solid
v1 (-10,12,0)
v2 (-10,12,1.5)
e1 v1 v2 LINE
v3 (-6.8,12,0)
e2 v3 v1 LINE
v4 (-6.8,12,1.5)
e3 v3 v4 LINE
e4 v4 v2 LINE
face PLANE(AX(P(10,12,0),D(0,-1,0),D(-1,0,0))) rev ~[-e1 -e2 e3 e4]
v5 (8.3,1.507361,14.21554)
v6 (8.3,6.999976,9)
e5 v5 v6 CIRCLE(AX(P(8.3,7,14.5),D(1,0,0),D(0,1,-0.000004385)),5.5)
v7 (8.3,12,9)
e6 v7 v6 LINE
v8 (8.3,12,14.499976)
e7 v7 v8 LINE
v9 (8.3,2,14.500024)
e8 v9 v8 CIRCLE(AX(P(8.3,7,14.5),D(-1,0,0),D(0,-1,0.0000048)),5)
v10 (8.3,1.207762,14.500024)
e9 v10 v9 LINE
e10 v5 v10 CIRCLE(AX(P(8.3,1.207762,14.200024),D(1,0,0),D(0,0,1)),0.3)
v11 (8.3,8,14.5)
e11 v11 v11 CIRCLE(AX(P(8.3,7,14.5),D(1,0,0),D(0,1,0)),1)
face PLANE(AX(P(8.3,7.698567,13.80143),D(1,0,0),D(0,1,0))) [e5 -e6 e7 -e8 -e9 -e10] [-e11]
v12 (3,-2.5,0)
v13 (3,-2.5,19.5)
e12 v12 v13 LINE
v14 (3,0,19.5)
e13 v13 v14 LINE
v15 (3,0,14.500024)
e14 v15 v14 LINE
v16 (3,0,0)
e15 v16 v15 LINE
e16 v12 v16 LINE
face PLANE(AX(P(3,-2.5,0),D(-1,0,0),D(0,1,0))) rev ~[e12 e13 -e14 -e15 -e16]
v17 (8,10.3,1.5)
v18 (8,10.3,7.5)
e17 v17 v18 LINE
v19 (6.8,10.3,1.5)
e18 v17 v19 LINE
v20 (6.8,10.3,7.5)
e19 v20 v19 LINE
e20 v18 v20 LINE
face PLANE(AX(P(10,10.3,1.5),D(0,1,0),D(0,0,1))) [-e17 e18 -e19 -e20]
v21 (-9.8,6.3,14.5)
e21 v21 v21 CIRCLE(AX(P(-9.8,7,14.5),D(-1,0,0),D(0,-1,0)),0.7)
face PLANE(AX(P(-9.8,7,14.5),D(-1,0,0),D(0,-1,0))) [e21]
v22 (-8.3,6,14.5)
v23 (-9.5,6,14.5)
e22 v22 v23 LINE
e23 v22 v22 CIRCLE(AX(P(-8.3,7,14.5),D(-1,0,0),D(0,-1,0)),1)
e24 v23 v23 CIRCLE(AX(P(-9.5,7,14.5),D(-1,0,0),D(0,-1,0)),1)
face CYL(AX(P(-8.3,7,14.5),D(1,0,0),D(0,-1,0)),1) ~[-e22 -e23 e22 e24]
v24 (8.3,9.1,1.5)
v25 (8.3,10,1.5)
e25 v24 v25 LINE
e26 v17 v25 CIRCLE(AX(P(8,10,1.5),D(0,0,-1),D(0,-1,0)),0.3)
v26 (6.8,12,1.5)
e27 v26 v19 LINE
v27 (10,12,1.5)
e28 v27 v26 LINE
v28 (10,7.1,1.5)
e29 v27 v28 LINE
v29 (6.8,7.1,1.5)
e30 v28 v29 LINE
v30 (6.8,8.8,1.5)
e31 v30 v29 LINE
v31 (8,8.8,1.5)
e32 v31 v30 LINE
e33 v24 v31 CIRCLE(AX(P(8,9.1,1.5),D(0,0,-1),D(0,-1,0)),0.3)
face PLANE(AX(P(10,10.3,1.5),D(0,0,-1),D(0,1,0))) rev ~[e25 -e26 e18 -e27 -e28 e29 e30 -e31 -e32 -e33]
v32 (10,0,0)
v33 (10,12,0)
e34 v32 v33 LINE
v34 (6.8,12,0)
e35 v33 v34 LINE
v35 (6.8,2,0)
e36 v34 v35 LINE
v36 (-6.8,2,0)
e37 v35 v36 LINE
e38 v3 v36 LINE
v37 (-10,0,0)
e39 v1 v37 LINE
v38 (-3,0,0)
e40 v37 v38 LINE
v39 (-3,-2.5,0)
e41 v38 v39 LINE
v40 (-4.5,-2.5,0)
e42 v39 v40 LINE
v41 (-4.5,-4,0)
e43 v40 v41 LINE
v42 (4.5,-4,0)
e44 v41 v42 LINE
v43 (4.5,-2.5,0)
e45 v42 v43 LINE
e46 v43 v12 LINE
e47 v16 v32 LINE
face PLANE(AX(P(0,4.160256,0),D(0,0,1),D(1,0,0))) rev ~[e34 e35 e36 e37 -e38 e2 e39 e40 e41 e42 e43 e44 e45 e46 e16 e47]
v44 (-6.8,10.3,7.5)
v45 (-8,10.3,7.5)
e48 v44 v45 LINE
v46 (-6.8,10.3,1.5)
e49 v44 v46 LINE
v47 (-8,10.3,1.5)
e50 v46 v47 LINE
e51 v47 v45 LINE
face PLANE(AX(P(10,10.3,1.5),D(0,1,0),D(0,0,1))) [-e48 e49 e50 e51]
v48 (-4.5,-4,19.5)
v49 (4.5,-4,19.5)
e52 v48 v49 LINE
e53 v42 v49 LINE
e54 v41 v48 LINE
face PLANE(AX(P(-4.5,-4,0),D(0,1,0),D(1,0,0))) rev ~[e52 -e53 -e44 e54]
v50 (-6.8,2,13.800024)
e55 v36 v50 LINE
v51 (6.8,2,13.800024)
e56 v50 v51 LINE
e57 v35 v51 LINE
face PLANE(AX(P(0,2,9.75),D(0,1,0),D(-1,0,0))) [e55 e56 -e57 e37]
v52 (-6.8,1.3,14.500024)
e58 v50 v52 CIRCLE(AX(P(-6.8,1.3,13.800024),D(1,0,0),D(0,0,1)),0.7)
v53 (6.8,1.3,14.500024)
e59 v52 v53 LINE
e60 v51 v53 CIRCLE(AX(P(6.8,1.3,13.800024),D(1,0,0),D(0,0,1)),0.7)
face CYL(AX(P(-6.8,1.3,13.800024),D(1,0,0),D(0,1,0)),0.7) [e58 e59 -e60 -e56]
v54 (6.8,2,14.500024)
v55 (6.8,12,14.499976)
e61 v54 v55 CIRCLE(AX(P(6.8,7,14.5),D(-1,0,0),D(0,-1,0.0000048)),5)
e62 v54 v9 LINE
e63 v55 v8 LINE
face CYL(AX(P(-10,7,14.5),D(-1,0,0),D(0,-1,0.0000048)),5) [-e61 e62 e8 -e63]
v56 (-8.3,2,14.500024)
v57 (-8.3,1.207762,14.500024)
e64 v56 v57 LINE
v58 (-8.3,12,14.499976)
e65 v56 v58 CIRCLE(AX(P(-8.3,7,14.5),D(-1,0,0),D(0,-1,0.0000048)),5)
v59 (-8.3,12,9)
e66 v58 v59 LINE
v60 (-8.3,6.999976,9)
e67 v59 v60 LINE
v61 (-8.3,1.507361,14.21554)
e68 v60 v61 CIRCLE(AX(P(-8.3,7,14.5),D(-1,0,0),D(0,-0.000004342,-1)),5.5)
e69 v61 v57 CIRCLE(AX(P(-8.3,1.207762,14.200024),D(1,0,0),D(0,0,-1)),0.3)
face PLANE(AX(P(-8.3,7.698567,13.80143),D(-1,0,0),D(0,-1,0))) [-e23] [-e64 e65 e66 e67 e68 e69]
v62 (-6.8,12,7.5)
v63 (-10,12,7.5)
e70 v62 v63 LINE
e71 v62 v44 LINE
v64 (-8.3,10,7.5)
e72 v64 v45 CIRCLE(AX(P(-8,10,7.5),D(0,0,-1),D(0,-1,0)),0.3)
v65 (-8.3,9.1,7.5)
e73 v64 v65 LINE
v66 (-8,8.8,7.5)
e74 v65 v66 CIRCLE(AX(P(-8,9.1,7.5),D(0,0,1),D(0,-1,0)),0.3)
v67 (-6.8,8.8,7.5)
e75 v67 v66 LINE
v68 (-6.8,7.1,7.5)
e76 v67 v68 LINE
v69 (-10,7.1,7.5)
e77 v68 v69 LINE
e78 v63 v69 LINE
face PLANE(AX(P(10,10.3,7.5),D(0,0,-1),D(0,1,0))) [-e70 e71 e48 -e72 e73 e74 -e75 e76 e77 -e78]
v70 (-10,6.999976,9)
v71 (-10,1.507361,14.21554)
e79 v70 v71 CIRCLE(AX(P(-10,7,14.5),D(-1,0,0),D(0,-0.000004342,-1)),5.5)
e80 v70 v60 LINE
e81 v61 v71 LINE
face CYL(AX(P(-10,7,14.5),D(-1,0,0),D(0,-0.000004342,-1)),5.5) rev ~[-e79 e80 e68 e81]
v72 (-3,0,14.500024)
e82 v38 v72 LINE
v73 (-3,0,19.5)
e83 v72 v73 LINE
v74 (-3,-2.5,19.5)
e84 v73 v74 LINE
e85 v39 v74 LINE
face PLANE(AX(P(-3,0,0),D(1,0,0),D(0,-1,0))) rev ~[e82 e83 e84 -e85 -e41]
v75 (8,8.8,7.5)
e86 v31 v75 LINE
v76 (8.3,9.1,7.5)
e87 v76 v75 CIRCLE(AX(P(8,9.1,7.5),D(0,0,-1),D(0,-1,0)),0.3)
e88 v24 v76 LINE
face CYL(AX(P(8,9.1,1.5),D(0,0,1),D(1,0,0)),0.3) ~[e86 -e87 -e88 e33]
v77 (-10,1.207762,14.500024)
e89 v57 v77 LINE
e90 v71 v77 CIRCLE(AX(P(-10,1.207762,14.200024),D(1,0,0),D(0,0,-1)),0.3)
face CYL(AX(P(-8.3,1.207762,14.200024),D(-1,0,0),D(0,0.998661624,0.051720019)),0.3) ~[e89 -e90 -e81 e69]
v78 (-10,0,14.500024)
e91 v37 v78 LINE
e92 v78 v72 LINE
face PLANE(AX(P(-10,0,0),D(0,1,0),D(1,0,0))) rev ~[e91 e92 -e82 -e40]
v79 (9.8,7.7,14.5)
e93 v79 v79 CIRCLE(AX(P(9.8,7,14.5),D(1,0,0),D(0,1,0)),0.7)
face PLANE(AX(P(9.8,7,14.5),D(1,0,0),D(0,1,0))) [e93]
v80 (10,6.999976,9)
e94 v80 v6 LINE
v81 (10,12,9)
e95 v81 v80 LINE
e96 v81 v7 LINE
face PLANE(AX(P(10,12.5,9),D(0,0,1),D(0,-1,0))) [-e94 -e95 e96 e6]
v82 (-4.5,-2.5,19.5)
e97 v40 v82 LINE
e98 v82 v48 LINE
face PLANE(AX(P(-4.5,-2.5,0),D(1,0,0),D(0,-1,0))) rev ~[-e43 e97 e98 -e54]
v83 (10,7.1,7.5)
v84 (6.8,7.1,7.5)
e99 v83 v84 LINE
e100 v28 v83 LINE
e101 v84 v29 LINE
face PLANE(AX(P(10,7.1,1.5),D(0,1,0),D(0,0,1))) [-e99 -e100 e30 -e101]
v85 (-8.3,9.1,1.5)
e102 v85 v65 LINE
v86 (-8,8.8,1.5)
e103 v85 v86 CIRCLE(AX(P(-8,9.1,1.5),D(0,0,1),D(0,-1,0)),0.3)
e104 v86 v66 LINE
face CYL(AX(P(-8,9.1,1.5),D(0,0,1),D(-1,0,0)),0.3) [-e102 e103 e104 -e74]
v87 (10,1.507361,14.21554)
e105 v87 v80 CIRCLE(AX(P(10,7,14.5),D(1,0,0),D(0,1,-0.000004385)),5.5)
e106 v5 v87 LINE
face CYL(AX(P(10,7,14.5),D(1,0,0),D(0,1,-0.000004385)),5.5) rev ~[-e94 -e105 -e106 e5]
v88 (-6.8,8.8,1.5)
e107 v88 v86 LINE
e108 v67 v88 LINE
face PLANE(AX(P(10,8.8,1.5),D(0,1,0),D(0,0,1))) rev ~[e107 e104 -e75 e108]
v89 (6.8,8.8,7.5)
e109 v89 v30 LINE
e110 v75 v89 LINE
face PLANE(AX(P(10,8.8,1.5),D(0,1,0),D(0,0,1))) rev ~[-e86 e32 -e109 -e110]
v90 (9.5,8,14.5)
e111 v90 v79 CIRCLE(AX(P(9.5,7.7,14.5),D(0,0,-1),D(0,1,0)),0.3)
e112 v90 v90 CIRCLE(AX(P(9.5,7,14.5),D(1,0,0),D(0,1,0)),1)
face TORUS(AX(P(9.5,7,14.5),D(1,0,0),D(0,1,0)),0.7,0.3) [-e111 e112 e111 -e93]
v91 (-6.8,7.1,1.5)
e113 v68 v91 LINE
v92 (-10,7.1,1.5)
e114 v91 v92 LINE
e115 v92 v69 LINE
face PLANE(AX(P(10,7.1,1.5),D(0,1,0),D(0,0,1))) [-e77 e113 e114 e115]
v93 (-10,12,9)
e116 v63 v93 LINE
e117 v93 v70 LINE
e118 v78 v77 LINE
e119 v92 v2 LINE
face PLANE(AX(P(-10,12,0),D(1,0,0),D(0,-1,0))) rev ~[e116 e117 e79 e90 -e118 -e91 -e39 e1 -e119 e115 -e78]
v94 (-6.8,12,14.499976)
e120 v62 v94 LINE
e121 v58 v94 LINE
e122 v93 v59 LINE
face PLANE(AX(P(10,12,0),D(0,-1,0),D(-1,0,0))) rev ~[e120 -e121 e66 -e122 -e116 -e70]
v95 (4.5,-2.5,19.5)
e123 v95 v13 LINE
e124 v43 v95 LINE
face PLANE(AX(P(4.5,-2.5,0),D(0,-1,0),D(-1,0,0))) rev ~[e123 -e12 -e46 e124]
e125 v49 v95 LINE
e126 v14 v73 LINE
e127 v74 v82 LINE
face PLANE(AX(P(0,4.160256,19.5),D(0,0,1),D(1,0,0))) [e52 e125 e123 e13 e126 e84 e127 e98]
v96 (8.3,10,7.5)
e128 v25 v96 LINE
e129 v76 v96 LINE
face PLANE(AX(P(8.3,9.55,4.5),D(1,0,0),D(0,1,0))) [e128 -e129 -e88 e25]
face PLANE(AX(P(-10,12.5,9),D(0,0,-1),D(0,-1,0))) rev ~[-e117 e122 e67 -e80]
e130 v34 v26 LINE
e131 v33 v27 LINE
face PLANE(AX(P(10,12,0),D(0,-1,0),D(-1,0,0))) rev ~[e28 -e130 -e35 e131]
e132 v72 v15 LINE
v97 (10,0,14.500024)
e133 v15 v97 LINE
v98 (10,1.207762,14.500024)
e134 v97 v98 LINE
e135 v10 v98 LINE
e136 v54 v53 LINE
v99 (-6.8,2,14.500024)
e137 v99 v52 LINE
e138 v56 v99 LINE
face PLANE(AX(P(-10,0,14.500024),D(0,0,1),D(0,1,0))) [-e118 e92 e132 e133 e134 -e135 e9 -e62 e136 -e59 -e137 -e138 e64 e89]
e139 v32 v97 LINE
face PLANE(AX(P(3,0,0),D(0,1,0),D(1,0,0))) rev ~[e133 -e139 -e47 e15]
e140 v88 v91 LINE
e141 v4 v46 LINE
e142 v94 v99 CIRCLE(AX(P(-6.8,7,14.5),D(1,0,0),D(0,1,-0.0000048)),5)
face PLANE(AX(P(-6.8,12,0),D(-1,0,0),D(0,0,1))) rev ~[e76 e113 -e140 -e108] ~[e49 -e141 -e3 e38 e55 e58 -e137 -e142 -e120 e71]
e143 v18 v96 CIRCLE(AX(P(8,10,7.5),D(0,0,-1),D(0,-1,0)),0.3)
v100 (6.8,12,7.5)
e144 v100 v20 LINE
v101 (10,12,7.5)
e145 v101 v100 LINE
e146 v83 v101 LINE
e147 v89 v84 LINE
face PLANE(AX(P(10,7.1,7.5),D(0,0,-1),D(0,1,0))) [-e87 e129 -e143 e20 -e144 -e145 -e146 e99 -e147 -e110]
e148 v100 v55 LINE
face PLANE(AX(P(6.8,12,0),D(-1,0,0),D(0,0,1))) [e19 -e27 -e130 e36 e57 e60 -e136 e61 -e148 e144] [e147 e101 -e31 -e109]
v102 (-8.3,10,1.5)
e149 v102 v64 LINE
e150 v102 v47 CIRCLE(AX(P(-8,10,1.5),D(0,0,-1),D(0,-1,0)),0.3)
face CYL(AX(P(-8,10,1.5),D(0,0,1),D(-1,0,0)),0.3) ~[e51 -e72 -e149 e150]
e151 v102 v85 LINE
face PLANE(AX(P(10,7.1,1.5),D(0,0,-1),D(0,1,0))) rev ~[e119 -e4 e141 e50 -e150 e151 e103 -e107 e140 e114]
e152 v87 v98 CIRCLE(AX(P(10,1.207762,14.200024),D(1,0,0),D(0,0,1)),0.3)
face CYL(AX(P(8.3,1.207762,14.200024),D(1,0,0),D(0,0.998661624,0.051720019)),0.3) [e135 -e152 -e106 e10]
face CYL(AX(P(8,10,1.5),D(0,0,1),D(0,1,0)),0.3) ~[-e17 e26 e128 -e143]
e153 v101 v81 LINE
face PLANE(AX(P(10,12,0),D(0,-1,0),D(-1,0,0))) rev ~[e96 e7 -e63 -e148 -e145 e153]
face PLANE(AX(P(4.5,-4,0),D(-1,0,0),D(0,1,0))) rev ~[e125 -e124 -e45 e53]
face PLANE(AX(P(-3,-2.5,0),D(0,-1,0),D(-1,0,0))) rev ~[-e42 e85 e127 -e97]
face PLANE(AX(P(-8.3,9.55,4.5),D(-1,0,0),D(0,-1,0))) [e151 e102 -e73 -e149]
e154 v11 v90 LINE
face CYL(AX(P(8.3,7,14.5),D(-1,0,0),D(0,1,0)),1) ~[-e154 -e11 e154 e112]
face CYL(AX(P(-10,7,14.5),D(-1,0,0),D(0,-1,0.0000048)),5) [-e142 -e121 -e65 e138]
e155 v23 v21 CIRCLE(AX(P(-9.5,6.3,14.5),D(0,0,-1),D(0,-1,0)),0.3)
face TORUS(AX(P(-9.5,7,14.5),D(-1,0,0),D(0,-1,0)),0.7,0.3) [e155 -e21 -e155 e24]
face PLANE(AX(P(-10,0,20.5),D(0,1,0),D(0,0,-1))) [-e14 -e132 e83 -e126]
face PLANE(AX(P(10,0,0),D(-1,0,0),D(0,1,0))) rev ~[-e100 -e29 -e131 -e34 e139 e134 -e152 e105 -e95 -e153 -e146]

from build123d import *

# Parameters (mm, degrees)
PAD_DEPTH       = 19.5
SKETCH001_W     = 13.6
SKETCH001_H     = 19.5
POCKET_DEPTH    = 10
POCKET001_DEPTH = 20
POCKET002_DEPTH = 1.7
POCKET003_DEPTH = 1.7
SKETCH005_R     = 1
PAD001_DEPTH    = 1.5
FILLET_R        = 0.3
SKETCH006_R     = 1
PAD002_DEPTH    = 1.5
FILLET001_R     = 0.3
SKETCH007_W     = 1.7
SKETCH007_H     = 6
POCKET004_DEPTH = 20
SKETCH008_W     = 1.7
SKETCH008_H     = 6
POCKET005_DEPTH = 20
SKETCH009_W     = 1.5
SKETCH009_H     = 6
POCKET006_DEPTH = 1.7
FILLET002_R     = 0.3
FILLET003_R     = 0.3
SKETCH010_W     = 1.5
SKETCH010_H     = 6
POCKET007_DEPTH = 1.7
FILLET004_R     = 0.3
FILLET005_R     = 0.3
FILLET006_R     = 0.3
FILLET007_R     = 0.3
FILLET008_R     = 0.7


with BuildPart() as part:
    # Sketch → Pad (new body)
    with BuildSketch(Plane.XY):
        Polygon((-3, 0), (-3, -2.5), (-4.5, -2.5), (-4.5, -4), (4.5, -4), (4.5, -2.5), (3, -2.5), (3, 0), (10, 0), (10, 12), (-10, 12), (-10, 0), align=None)
    extrude(amount=PAD_DEPTH)

    # Sketch001 (on Face10 of Pad) → Pocket (cut)
    with BuildSketch(Plane(origin=(0, 12, 0), x_dir=(-1, 0, 0), z_dir=(0, 1, 0))):
        with Locations((0, 9.75)):
            Rectangle(SKETCH001_W, SKETCH001_H)
    extrude(amount=-POCKET_DEPTH, mode=Mode.SUBTRACT)

    # Sketch002 (on Face6 of Pocket) → Pocket001 (cut)
    with BuildSketch(Plane(origin=(-10, 0, 0), x_dir=(0, -1, 0), z_dir=(-1, 0, 0))):
        with BuildLine():
            ThreePointArc((-2, 14.500024), (-7.000024, 19.5), (-12, 14.499976))
            Line((-12, 14.499976), (-12, 20.5))
            Line((-12, 20.5), (0, 20.5))
            Line((0, 20.5), (0, 14.500024))
            Line((0, 14.500024), (-2, 14.500024))
        make_face()
    extrude(amount=-POCKET001_DEPTH, mode=Mode.SUBTRACT)

    # Sketch003 (on Face8 of Pocket001) → Pocket002 (cut)
    with BuildSketch(Plane(origin=(-10, 0, 0), x_dir=(0, -1, 0), z_dir=(-1, 0, 0))):
        with BuildLine():
            ThreePointArc((-6.999976, 9), (-3.110929, 18.389104), (-12.5, 14.499976))
            Line((-12.5, 14.499976), (-12.5, 9))
            Line((-12.5, 9), (-6.999976, 9))
        make_face()
    extrude(amount=-POCKET002_DEPTH, mode=Mode.SUBTRACT)

    # Sketch004 (on Face14 of Pocket002) → Pocket003 (cut)
    with BuildSketch(Plane.YZ.offset(10)):
        with BuildLine():
            ThreePointArc((12.5, 14.499976), (3.110929, 18.389104), (6.999976, 9))
            Line((12.5, 9), (6.999976, 9))
            Line((12.5, 14.499976), (12.5, 9))
        make_face()
    extrude(amount=-POCKET003_DEPTH, mode=Mode.SUBTRACT)

    # Sketch005 (on Face25 of Pocket003) → Pad001 (join)
    with BuildSketch(Plane.YZ.offset(8.3)):
        with Locations((7, 14.5)):
            Circle(SKETCH005_R)
    extrude(amount=PAD001_DEPTH)

    # Fillet
    fillet_edges = [part.edges().sort_by_distance(p)[0] for p in [
        (9.8, 6, 14.5),
    ]]
    fillet(fillet_edges, radius=FILLET_R)

    # Sketch006 (on Face13 of Fillet) → Pad002 (join)
    with BuildSketch(Plane(origin=(-8.3, 0, 0), x_dir=(0, -1, 0), z_dir=(-1, 0, 0))):
        with Locations((-7, 14.5)):
            Circle(SKETCH006_R)
    extrude(amount=PAD002_DEPTH)

    # Fillet001
    fillet001_edges = [part.edges().sort_by_distance(p)[0] for p in [
        (-9.8, 8, 14.5),
    ]]
    fillet(fillet001_edges, radius=FILLET001_R)

    # Sketch007 (on Face18 of Fillet001) → Pocket004 (cut)
    with BuildSketch(Plane.YZ.offset(10)):
        with Locations((11.15, 4.5)):
            Rectangle(SKETCH007_W, SKETCH007_H)
    extrude(amount=-POCKET004_DEPTH, mode=Mode.SUBTRACT)

    # Sketch008 (on Face18 of Pocket004) → Pocket005 (cut)
    with BuildSketch(Plane.YZ.offset(10)):
        with Locations((7.95, 4.5)):
            Rectangle(SKETCH008_W, SKETCH008_H)
    extrude(amount=-POCKET005_DEPTH, mode=Mode.SUBTRACT)

    # Sketch009 (on Face18 of Pocket005) → Pocket006 (cut)
    with BuildSketch(Plane.YZ.offset(10)):
        with Locations((9.55, 4.5)):
            Rectangle(SKETCH009_W, SKETCH009_H)
    extrude(amount=-POCKET006_DEPTH, mode=Mode.SUBTRACT)

    # Fillet002
    fillet002_edges = [part.edges().sort_by_distance(p)[0] for p in [
        (8.3, 10.3, 4.5),
    ]]
    fillet(fillet002_edges, radius=FILLET002_R)

    # Fillet003
    fillet003_edges = [part.edges().sort_by_distance(p)[0] for p in [
        (8.3, 8.8, 4.5),
    ]]
    fillet(fillet003_edges, radius=FILLET003_R)

    # Sketch010 (on Face26 of Fillet003) → Pocket007 (cut)
    with BuildSketch(Plane(origin=(-10, 0, 0), x_dir=(0, -1, 0), z_dir=(-1, 0, 0))):
        with Locations((-9.55, 4.5)):
            Rectangle(SKETCH010_W, SKETCH010_H)
    extrude(amount=-POCKET007_DEPTH, mode=Mode.SUBTRACT)

    # Fillet004
    fillet004_edges = [part.edges().sort_by_distance(p)[0] for p in [
        (-8.3, 10.3, 4.5),
    ]]
    fillet(fillet004_edges, radius=FILLET004_R)

    # Fillet005
    fillet005_edges = [part.edges().sort_by_distance(p)[0] for p in [
        (-8.3, 8.8, 4.5),
    ]]
    fillet(fillet005_edges, radius=FILLET005_R)

    # Fillet006
    fillet006_edges = [part.edges().sort_by_distance(p)[0] for p in [
        (-9.15, 1.5, 14.500024),
    ]]
    fillet(fillet006_edges, radius=FILLET006_R)

    # Fillet007
    fillet007_edges = [part.edges().sort_by_distance(p)[0] for p in [
        (9.15, 1.5, 14.500024),
    ]]
    fillet(fillet007_edges, radius=FILLET007_R)

    # Fillet008
    fillet008_edges = [part.edges().sort_by_distance(p)[0] for p in [
        (0, 2, 14.500024),
    ]]
    fillet(fillet008_edges, radius=FILLET008_R)


solid = part.part
